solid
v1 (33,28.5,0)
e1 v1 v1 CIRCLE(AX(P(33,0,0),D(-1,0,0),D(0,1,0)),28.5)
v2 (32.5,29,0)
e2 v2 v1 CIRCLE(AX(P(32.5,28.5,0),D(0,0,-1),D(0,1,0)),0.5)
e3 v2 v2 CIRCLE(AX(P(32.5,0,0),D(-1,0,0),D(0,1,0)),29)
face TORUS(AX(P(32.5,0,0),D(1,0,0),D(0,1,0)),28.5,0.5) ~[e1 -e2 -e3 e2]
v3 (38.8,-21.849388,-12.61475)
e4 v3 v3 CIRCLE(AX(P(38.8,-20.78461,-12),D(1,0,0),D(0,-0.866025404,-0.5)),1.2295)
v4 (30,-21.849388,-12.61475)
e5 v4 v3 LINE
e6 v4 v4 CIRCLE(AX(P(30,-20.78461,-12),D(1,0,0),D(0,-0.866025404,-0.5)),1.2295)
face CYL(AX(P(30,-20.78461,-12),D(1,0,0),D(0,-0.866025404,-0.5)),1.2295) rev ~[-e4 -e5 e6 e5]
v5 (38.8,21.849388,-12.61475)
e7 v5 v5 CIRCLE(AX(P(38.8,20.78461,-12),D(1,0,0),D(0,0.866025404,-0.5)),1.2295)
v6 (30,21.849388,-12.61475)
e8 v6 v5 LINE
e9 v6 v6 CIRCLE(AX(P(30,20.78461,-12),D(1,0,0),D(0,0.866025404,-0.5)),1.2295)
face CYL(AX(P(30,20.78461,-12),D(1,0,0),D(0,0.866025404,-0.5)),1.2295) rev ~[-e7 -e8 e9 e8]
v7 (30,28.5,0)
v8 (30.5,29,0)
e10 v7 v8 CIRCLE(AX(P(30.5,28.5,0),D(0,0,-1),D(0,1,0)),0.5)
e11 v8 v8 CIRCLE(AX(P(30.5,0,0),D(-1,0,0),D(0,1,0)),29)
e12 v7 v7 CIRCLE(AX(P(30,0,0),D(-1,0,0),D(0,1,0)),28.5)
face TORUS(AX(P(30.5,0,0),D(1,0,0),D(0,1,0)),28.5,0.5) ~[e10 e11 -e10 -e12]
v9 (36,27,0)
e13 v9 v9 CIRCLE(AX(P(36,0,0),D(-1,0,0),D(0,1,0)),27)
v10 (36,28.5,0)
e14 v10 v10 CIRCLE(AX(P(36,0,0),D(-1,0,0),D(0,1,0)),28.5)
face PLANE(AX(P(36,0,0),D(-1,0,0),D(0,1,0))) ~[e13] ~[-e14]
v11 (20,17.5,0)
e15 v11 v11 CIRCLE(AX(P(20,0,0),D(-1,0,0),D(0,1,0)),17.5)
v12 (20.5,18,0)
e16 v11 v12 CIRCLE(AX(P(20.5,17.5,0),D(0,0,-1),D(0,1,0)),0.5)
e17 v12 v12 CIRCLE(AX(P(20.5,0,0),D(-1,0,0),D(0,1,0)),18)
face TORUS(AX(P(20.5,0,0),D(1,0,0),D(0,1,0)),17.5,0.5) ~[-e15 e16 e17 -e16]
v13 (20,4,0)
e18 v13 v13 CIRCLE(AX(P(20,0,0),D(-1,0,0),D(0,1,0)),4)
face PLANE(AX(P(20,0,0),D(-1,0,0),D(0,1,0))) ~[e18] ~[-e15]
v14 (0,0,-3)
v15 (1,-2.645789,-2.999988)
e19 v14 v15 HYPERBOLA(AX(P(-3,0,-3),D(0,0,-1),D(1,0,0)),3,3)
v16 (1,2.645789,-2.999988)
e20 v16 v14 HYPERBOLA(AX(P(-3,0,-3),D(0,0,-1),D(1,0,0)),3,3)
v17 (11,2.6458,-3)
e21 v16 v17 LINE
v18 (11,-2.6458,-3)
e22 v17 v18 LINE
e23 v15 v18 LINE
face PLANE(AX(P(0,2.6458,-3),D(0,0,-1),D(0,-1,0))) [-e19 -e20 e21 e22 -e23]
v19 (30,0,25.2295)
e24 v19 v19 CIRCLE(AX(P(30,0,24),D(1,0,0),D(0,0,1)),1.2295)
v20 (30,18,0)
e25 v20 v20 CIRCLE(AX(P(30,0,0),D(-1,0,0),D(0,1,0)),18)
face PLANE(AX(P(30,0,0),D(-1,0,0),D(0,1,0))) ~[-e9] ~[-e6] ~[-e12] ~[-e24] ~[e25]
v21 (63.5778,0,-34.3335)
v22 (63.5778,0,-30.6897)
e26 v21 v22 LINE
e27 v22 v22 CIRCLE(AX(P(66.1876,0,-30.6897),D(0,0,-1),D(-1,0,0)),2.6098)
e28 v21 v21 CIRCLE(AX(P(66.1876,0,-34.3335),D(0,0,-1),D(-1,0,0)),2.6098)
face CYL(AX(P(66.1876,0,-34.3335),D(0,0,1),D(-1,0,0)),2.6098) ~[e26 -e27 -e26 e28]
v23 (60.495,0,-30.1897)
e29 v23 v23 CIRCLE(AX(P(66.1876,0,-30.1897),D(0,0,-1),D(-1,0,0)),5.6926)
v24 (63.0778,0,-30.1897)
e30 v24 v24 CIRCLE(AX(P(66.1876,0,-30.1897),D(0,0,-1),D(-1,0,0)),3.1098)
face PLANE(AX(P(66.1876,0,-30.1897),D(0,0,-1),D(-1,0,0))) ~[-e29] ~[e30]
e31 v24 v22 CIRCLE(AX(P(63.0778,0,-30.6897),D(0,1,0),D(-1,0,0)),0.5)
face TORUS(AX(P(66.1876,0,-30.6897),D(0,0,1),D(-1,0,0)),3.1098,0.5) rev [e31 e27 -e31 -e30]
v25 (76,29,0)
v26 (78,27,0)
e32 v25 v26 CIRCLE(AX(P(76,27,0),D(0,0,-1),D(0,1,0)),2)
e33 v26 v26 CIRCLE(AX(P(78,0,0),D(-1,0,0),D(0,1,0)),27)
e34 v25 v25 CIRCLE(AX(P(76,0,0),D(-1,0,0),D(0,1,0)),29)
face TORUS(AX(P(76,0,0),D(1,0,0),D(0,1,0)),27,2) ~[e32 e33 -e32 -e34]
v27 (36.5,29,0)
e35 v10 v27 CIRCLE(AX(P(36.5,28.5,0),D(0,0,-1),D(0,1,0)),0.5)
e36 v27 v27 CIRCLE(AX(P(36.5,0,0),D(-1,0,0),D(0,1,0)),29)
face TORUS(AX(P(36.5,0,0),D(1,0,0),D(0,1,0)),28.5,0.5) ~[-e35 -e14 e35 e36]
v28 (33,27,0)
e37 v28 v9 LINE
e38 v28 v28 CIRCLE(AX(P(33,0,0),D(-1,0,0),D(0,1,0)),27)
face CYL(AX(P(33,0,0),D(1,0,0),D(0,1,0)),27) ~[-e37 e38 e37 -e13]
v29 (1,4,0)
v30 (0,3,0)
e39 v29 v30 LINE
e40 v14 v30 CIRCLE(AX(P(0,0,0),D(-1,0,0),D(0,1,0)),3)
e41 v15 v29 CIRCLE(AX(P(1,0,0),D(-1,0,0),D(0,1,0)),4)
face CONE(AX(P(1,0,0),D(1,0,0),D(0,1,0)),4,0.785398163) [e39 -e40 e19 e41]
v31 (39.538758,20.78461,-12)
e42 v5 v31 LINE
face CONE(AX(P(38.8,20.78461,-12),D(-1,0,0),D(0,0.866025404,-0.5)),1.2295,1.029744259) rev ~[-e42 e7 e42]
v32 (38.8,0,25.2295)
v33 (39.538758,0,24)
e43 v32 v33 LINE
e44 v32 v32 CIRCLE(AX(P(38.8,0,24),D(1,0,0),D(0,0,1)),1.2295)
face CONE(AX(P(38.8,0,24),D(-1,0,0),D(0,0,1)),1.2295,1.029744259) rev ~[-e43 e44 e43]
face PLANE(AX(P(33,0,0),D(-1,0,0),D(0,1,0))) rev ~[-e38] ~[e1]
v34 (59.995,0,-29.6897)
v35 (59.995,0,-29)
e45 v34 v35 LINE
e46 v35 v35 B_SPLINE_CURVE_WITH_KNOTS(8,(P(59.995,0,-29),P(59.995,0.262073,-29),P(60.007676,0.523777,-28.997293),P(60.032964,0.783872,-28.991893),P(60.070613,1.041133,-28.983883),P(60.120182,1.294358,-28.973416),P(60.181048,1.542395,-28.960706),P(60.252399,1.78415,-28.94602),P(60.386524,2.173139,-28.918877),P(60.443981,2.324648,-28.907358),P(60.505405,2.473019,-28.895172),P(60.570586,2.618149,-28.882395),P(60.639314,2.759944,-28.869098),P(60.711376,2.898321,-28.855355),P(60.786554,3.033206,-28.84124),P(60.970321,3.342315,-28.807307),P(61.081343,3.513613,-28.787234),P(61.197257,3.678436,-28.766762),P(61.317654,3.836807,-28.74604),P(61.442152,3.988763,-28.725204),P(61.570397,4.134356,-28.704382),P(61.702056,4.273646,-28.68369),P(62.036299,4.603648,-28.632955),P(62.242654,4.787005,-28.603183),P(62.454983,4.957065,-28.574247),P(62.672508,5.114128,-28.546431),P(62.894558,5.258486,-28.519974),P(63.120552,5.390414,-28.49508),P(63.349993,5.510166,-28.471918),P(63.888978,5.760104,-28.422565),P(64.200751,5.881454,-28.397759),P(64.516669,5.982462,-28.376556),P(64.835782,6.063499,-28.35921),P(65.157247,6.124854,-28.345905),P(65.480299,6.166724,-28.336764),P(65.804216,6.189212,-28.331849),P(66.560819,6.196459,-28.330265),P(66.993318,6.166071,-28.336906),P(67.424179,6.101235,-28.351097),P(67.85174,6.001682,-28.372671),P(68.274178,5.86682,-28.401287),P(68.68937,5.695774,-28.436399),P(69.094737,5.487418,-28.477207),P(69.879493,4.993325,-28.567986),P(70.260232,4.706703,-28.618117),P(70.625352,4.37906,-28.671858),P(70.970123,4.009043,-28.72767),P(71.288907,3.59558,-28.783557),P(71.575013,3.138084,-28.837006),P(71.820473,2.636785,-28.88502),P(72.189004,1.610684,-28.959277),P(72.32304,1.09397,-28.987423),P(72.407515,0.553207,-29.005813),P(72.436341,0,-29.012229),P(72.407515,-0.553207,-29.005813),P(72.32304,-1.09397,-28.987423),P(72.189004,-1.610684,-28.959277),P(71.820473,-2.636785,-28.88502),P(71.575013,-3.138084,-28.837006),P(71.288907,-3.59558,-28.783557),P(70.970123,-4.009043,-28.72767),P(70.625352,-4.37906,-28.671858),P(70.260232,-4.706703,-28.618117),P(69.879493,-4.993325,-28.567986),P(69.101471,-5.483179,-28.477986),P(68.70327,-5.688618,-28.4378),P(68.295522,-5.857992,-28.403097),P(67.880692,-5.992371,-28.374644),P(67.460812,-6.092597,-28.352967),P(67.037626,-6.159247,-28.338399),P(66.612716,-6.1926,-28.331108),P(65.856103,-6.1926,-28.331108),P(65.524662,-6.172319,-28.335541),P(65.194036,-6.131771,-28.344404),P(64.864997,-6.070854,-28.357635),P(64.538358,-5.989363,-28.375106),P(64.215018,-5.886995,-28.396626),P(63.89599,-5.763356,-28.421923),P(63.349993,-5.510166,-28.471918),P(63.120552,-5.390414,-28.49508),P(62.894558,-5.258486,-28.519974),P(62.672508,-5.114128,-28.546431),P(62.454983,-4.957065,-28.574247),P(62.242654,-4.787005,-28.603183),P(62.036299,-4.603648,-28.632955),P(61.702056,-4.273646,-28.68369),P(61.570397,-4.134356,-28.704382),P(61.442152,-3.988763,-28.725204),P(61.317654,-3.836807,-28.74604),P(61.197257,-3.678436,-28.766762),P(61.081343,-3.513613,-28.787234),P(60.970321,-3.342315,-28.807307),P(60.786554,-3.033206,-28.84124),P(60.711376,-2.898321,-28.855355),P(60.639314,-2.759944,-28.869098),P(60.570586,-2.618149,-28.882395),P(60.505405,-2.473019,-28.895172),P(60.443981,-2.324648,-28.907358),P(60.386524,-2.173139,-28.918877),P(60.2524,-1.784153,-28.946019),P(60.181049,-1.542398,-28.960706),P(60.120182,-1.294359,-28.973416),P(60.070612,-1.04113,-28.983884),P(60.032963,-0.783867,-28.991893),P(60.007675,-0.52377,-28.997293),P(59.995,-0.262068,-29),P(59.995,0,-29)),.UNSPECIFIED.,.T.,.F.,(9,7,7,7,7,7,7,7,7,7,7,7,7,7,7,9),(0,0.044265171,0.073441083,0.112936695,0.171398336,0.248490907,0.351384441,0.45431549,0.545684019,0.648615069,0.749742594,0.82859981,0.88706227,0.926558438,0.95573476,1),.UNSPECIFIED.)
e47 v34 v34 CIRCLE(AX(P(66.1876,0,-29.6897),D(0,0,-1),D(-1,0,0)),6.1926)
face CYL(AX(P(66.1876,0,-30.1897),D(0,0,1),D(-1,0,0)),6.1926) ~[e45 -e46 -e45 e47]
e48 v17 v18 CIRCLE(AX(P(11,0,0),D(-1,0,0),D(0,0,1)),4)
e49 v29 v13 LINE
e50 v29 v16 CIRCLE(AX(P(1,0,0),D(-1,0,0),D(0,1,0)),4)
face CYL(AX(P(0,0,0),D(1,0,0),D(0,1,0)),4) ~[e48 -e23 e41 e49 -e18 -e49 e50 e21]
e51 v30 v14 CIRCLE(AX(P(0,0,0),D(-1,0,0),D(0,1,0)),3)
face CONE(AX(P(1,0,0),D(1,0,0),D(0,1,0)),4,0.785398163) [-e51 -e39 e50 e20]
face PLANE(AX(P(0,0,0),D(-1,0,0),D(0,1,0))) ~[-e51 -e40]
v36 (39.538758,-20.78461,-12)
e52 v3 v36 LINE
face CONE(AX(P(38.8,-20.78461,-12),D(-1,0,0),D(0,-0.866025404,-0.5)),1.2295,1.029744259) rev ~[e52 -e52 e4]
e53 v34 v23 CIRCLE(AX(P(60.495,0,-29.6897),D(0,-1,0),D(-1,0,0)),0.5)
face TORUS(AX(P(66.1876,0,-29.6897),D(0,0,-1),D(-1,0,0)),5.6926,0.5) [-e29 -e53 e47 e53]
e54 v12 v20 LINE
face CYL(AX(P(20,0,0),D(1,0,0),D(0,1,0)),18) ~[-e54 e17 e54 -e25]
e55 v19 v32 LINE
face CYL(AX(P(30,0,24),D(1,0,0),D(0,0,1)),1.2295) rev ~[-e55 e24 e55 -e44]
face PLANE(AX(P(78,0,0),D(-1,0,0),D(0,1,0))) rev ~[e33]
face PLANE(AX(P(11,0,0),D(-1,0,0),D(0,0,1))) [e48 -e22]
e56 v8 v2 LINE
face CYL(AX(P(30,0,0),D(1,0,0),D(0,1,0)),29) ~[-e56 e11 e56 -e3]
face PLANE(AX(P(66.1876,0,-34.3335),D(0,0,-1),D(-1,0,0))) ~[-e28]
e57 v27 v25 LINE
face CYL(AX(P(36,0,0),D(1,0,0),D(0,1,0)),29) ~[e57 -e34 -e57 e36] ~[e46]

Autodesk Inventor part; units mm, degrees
ref_plane "YZ Plane" through (0, 0, 0) normal (1, 0, 0) x (0, 1, 0)
ref_plane "XZ Plane" through (0, 0, 0) normal (0, 1, 0) x (-1, 0, 0)
ref_plane "XY Plane" through (0, 0, 0) normal (0, 0, 1) x (1, 0, 0)
sketch "Skizze1" plane through (0, 0, 0) normal (0, 0, 1) x (1, 0, 0)
  line L0 (0, 0) -> (0, 4)
  line L1 (0, 4) -> (20, 4)
  line L2 (20, 4) -> (20, 18)
  line L3 (20, 18) -> (30, 18)
  line L4 (30, 18) -> (30, 29)
  line L5 (30, 29) -> (33, 29)
  line L6 (33, 29) -> (33, 27)
  line L7 (33, 27) -> (36, 27)
  line L8 (36, 27) -> (36, 29)
  line L9 (36, 29) -> (78, 29)
  line L10 (78, 29) -> (78, 0)
  line L11 (78, 0) -> (0, 0)
  dimension "d0" = 8
  dimension "d1" = 36
  dimension "d2" = 54
  dimension "d3" = 58
  dimension "d4" = 20
  dimension "d5" = 10
  dimension "d6" = 3
  dimension "d7" = 3
  dimension "d8" = 42
revolve "Umdrehung1" add sketch "Skizze1" angle 360 about axis through (78, 0, 0) along (-1, 0, 0)
fillet "Rundung1" radius 2 1 edges at (78, -29, 0)
fillet "Rundung1" radius 0.5 4 edges at (20, -18, 0) (30, -29, 0) (36, -29, 0) (33, -29, 0)
chamfer "Fase1" distance 1 angle 45 1 edges at (0, -4, 0)
sketch "Skizze3" plane through (30, 0, 0) normal (-1, 0, 0) x (0, 0, 1)
  circle A0 centre (0, 0) radius 4 projected
  line L0 (0, 0) -> (24, 0)
  dimension "d18" = 24
hole "Bohrung1" at (30, 0, 24) direction (1, 0, 0) diameter 2.459 depth 8.8 tip angle 118 thread size "M3x0.5" class "6H" standard "ISO Metric profile"
pattern_circular "Runde Anordnung1" count 3 over 360 about axis through (10, 0, 0) along (1, 0, 0) of "Bohrung1"
sketch "Skizze4" plane through (0, 0, 0) normal (0, 1, 0) x (-1, 0, 0)
  line L0 (-76, 29) -> (-76, -29) projected
  line L1 (-36.5, -29) -> (-36.5, 29) projected
  line L2 (-66.1876, -34.3335) -> (-63.5778, -34.3335)
  line L3 (-63.5778, -34.3335) -> (-63.5778, -30.1897)
  line L4 (-63.5778, -30.1897) -> (-66.1876, -30.1897)
  line L5 (-66.1876, -30.1897) -> (-66.1876, -34.3335)
  line L6 (-66.1876, -30.1897) -> (-59.995, -30.1897)
  line L7 (-59.995, -30.1897) -> (-59.995, -26.9412)
  line L8 (-59.995, -26.9412) -> (-66.1876, -26.9412)
  line L9 (-66.1876, -26.9412) -> (-66.1876, -30.1897)
  point P0 (0, 0)
revolve "Umdrehung2" add sketch "Skizze4" angle 360 about axis through (66.1876, 0, -30.1897) along (0, 0, -1)
fillet "Rundung2" radius 0.5 2 edges at (72.3802, 0, -30.1897) (68.7974, 0, -30.1897)
sketch "Sketch5" plane through (0, 0, 0) normal (-1, 0, 0) x (0, 0, 1)
  circle A0 centre (0, 0) radius 4 projected
  circle A1 centre (0, 0) radius 4 projected
  line L0 (-3, 2.6458) -> (-3, -2.6458)
  arc A2 (-3, 2.6458) -> (-3, -2.6458) centre (0, 0) ccw
  dimension "d37" = 3
extrude "Extrusion2" cut sketch "Sketch5" against normal blind 11 contours L0 A0 picked at (-3.1815, -0.6179)
properties part number "opkon_encoder" material "Stahl"
